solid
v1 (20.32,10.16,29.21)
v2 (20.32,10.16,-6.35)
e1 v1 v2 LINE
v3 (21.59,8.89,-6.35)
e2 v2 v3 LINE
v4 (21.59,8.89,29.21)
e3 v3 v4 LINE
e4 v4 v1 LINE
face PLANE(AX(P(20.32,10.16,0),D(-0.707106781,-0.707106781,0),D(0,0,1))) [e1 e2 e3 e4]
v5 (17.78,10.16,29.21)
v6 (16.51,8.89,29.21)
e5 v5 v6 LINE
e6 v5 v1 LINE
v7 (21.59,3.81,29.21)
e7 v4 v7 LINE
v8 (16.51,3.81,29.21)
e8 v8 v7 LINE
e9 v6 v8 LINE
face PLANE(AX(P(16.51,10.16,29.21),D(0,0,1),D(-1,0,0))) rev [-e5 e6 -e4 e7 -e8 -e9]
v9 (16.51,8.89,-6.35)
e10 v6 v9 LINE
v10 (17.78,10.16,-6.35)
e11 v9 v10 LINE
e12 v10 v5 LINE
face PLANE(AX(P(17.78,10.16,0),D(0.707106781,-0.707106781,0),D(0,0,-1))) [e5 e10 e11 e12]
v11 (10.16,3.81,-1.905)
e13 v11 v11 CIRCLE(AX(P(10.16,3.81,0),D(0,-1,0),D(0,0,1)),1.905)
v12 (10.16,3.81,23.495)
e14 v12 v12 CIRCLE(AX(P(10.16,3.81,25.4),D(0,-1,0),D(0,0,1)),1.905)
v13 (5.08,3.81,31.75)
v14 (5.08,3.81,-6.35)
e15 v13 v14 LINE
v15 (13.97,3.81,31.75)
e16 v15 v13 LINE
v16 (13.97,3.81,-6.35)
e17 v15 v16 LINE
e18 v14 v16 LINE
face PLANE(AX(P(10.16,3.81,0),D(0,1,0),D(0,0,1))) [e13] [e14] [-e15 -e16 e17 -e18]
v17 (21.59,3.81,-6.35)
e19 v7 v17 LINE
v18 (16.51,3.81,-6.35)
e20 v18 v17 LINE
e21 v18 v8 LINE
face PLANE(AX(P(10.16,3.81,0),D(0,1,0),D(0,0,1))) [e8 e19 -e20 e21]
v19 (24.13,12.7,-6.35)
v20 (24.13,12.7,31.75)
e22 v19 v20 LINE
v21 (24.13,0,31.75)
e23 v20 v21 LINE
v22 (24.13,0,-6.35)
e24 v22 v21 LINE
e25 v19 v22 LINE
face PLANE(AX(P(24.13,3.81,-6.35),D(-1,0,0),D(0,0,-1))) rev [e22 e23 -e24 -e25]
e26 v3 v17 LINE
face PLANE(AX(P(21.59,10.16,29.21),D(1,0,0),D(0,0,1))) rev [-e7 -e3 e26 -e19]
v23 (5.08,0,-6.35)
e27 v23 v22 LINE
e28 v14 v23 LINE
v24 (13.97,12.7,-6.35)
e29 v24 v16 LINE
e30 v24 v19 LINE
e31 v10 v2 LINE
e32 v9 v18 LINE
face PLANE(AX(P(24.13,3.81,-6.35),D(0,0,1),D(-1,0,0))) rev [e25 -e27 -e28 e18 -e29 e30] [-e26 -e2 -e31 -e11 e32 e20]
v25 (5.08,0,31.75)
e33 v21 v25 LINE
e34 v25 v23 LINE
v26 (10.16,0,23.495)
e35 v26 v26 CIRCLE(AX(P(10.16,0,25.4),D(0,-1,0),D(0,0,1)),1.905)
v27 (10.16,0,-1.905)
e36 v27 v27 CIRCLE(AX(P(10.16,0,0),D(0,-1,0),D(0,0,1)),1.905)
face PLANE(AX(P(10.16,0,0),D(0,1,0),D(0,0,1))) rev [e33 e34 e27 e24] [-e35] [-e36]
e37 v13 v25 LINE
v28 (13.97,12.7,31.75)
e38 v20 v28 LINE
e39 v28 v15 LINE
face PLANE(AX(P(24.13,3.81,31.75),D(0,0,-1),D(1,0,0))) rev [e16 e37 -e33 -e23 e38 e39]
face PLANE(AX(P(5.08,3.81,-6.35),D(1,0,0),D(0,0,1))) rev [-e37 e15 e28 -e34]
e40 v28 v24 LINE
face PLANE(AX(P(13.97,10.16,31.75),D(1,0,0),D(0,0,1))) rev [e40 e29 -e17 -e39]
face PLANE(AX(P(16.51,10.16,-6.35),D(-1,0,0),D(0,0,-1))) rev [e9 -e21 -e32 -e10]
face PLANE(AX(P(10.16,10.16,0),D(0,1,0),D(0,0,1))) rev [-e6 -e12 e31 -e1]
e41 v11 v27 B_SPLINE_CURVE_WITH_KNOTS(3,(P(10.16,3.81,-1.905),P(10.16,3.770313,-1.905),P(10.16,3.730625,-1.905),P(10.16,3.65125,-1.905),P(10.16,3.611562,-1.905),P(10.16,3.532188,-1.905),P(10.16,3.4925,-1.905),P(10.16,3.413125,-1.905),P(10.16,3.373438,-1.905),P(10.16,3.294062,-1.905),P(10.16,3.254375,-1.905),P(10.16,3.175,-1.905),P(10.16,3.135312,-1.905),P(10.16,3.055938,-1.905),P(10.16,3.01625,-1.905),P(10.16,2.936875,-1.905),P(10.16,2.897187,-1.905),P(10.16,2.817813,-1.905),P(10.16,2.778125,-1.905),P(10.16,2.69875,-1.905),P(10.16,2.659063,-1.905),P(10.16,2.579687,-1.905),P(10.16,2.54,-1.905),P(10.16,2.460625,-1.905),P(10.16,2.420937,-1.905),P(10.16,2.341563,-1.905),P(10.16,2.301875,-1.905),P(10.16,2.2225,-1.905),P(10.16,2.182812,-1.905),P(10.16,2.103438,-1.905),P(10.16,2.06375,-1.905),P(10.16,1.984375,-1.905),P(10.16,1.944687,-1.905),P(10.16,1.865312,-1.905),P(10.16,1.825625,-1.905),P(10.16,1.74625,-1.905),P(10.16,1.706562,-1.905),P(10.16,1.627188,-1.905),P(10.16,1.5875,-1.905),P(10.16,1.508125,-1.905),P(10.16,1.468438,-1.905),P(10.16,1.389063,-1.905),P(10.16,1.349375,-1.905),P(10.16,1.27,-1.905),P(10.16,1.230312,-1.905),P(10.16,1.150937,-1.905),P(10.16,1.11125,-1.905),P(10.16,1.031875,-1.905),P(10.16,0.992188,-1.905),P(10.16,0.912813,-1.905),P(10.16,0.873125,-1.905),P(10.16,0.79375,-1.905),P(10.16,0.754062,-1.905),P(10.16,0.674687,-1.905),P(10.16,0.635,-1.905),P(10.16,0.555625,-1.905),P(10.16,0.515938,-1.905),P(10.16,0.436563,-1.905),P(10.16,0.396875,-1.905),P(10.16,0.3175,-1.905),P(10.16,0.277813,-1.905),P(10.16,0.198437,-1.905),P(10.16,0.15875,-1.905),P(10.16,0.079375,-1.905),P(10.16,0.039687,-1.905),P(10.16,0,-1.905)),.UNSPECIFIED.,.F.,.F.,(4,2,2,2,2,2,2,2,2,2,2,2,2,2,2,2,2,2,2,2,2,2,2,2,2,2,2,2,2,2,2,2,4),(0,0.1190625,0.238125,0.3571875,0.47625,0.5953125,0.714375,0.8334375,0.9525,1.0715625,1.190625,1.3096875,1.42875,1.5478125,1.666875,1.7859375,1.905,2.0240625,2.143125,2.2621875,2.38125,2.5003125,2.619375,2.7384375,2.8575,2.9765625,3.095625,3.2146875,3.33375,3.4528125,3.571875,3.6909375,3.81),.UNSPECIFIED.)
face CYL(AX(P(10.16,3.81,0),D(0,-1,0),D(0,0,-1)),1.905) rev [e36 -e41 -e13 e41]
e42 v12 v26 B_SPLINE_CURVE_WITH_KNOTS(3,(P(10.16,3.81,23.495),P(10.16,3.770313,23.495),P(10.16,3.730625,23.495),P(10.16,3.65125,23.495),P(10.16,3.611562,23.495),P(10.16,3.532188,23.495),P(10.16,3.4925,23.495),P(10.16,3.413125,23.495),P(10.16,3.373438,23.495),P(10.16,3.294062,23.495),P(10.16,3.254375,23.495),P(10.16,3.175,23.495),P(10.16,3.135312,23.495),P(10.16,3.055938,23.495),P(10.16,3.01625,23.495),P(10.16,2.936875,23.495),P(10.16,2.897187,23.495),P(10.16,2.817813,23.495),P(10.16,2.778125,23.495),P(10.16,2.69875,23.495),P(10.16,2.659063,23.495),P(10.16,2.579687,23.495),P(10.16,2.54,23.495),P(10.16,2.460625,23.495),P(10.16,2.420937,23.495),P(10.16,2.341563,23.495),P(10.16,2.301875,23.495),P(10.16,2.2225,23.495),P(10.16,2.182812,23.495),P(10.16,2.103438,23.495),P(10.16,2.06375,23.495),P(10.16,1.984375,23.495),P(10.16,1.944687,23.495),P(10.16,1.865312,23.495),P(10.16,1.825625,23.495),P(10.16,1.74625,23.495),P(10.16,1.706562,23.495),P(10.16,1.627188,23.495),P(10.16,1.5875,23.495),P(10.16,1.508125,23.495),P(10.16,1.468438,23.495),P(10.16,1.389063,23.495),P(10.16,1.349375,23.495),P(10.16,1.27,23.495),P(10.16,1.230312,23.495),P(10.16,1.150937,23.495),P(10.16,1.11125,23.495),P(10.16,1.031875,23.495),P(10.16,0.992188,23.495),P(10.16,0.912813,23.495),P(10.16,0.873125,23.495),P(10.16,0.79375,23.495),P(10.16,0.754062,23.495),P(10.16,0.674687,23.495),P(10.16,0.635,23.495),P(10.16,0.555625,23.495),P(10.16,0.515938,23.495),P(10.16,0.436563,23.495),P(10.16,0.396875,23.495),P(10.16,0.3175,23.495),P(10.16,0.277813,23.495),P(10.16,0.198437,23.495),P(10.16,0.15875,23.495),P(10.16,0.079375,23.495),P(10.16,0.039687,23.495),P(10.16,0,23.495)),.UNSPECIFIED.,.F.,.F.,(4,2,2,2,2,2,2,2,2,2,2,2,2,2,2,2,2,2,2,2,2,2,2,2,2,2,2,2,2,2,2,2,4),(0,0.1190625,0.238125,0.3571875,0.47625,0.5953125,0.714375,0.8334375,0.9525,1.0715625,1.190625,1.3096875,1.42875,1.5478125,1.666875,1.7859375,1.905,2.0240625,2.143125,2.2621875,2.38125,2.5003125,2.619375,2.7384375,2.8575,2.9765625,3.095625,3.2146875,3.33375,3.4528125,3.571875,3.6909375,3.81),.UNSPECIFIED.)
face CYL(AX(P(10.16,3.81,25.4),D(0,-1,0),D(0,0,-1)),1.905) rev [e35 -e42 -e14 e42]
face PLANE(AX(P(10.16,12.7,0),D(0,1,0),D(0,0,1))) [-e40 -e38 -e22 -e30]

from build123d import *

# Parameters (mm, degrees)
SKETCH1_W           = 19.05
SKETCH1_H           = 38.1
SKETCH1_R           = 1.905
BOSS_EXTRUDE1_DEPTH = 3.81
BOSS_EXTRUDE2_DEPTH = 6.35
SKETCH3_W           = 10.16
SKETCH3_H           = 38.1
BOSS_EXTRUDE3_DEPTH = 2.54
CHAMFER1_SIZE       = 1.27


with BuildPart() as part:
    # Sketch1 → Boss-Extrude1 (new body)
    with BuildSketch(Plane(origin=(0, 0, 0), x_dir=(1, 0, 0), z_dir=(0, 1, 0))):
        with Locations((-4.445, -12.7)):
            Rectangle(SKETCH1_W, SKETCH1_H)
        with Locations(Location((0, 0, 0), (0, 0, 90))):
            Circle(SKETCH1_R, mode=Mode.SUBTRACT)
        with Locations(Location((0, -25.4, 0), (0, 0, 90))):
            Circle(SKETCH1_R, mode=Mode.SUBTRACT)
    extrude(amount=BOSS_EXTRUDE1_DEPTH)

    # Sketch2 → Boss-Extrude2 (add)
    with BuildSketch(Plane(origin=(0, 3.81, 0), x_dir=(1, 0, 0), z_dir=(0, 1, 0))):
        Polygon((-13.97, 6.35), (-13.97, -31.75), (-3.81, -31.75), (-3.81, 6.35), (-6.35, 6.35), (-6.35, -29.21), (-11.43, -29.21), (-11.43, 6.35), align=None)
    extrude(amount=BOSS_EXTRUDE2_DEPTH)

    # Sketch3 → Boss-Extrude3 (add)
    with BuildSketch(Plane(origin=(0, 10.16, 0), x_dir=(1, 0, 0), z_dir=(0, 1, 0))):
        with Locations((-8.89, -12.7)):
            Rectangle(SKETCH3_W, SKETCH3_H)
    extrude(amount=BOSS_EXTRUDE3_DEPTH)

    # Chamfer1
    chamfer1_edges = [part.edges().sort_by_distance(p)[0] for p in [
        (-6.35, 10.16, 11.43),
        (-11.43, 10.16, 11.43),
    ]]
    chamfer(chamfer1_edges, length=CHAMFER1_SIZE)


with BuildPart() as body_2:
    # Mirror1: mirrored copy
    add(part.part.mirror(Plane(origin=(5.08, 3.81, -6.35), x_dir=(0, 0, 1), z_dir=(-1, 0, 0))))


solid = body_2.part
